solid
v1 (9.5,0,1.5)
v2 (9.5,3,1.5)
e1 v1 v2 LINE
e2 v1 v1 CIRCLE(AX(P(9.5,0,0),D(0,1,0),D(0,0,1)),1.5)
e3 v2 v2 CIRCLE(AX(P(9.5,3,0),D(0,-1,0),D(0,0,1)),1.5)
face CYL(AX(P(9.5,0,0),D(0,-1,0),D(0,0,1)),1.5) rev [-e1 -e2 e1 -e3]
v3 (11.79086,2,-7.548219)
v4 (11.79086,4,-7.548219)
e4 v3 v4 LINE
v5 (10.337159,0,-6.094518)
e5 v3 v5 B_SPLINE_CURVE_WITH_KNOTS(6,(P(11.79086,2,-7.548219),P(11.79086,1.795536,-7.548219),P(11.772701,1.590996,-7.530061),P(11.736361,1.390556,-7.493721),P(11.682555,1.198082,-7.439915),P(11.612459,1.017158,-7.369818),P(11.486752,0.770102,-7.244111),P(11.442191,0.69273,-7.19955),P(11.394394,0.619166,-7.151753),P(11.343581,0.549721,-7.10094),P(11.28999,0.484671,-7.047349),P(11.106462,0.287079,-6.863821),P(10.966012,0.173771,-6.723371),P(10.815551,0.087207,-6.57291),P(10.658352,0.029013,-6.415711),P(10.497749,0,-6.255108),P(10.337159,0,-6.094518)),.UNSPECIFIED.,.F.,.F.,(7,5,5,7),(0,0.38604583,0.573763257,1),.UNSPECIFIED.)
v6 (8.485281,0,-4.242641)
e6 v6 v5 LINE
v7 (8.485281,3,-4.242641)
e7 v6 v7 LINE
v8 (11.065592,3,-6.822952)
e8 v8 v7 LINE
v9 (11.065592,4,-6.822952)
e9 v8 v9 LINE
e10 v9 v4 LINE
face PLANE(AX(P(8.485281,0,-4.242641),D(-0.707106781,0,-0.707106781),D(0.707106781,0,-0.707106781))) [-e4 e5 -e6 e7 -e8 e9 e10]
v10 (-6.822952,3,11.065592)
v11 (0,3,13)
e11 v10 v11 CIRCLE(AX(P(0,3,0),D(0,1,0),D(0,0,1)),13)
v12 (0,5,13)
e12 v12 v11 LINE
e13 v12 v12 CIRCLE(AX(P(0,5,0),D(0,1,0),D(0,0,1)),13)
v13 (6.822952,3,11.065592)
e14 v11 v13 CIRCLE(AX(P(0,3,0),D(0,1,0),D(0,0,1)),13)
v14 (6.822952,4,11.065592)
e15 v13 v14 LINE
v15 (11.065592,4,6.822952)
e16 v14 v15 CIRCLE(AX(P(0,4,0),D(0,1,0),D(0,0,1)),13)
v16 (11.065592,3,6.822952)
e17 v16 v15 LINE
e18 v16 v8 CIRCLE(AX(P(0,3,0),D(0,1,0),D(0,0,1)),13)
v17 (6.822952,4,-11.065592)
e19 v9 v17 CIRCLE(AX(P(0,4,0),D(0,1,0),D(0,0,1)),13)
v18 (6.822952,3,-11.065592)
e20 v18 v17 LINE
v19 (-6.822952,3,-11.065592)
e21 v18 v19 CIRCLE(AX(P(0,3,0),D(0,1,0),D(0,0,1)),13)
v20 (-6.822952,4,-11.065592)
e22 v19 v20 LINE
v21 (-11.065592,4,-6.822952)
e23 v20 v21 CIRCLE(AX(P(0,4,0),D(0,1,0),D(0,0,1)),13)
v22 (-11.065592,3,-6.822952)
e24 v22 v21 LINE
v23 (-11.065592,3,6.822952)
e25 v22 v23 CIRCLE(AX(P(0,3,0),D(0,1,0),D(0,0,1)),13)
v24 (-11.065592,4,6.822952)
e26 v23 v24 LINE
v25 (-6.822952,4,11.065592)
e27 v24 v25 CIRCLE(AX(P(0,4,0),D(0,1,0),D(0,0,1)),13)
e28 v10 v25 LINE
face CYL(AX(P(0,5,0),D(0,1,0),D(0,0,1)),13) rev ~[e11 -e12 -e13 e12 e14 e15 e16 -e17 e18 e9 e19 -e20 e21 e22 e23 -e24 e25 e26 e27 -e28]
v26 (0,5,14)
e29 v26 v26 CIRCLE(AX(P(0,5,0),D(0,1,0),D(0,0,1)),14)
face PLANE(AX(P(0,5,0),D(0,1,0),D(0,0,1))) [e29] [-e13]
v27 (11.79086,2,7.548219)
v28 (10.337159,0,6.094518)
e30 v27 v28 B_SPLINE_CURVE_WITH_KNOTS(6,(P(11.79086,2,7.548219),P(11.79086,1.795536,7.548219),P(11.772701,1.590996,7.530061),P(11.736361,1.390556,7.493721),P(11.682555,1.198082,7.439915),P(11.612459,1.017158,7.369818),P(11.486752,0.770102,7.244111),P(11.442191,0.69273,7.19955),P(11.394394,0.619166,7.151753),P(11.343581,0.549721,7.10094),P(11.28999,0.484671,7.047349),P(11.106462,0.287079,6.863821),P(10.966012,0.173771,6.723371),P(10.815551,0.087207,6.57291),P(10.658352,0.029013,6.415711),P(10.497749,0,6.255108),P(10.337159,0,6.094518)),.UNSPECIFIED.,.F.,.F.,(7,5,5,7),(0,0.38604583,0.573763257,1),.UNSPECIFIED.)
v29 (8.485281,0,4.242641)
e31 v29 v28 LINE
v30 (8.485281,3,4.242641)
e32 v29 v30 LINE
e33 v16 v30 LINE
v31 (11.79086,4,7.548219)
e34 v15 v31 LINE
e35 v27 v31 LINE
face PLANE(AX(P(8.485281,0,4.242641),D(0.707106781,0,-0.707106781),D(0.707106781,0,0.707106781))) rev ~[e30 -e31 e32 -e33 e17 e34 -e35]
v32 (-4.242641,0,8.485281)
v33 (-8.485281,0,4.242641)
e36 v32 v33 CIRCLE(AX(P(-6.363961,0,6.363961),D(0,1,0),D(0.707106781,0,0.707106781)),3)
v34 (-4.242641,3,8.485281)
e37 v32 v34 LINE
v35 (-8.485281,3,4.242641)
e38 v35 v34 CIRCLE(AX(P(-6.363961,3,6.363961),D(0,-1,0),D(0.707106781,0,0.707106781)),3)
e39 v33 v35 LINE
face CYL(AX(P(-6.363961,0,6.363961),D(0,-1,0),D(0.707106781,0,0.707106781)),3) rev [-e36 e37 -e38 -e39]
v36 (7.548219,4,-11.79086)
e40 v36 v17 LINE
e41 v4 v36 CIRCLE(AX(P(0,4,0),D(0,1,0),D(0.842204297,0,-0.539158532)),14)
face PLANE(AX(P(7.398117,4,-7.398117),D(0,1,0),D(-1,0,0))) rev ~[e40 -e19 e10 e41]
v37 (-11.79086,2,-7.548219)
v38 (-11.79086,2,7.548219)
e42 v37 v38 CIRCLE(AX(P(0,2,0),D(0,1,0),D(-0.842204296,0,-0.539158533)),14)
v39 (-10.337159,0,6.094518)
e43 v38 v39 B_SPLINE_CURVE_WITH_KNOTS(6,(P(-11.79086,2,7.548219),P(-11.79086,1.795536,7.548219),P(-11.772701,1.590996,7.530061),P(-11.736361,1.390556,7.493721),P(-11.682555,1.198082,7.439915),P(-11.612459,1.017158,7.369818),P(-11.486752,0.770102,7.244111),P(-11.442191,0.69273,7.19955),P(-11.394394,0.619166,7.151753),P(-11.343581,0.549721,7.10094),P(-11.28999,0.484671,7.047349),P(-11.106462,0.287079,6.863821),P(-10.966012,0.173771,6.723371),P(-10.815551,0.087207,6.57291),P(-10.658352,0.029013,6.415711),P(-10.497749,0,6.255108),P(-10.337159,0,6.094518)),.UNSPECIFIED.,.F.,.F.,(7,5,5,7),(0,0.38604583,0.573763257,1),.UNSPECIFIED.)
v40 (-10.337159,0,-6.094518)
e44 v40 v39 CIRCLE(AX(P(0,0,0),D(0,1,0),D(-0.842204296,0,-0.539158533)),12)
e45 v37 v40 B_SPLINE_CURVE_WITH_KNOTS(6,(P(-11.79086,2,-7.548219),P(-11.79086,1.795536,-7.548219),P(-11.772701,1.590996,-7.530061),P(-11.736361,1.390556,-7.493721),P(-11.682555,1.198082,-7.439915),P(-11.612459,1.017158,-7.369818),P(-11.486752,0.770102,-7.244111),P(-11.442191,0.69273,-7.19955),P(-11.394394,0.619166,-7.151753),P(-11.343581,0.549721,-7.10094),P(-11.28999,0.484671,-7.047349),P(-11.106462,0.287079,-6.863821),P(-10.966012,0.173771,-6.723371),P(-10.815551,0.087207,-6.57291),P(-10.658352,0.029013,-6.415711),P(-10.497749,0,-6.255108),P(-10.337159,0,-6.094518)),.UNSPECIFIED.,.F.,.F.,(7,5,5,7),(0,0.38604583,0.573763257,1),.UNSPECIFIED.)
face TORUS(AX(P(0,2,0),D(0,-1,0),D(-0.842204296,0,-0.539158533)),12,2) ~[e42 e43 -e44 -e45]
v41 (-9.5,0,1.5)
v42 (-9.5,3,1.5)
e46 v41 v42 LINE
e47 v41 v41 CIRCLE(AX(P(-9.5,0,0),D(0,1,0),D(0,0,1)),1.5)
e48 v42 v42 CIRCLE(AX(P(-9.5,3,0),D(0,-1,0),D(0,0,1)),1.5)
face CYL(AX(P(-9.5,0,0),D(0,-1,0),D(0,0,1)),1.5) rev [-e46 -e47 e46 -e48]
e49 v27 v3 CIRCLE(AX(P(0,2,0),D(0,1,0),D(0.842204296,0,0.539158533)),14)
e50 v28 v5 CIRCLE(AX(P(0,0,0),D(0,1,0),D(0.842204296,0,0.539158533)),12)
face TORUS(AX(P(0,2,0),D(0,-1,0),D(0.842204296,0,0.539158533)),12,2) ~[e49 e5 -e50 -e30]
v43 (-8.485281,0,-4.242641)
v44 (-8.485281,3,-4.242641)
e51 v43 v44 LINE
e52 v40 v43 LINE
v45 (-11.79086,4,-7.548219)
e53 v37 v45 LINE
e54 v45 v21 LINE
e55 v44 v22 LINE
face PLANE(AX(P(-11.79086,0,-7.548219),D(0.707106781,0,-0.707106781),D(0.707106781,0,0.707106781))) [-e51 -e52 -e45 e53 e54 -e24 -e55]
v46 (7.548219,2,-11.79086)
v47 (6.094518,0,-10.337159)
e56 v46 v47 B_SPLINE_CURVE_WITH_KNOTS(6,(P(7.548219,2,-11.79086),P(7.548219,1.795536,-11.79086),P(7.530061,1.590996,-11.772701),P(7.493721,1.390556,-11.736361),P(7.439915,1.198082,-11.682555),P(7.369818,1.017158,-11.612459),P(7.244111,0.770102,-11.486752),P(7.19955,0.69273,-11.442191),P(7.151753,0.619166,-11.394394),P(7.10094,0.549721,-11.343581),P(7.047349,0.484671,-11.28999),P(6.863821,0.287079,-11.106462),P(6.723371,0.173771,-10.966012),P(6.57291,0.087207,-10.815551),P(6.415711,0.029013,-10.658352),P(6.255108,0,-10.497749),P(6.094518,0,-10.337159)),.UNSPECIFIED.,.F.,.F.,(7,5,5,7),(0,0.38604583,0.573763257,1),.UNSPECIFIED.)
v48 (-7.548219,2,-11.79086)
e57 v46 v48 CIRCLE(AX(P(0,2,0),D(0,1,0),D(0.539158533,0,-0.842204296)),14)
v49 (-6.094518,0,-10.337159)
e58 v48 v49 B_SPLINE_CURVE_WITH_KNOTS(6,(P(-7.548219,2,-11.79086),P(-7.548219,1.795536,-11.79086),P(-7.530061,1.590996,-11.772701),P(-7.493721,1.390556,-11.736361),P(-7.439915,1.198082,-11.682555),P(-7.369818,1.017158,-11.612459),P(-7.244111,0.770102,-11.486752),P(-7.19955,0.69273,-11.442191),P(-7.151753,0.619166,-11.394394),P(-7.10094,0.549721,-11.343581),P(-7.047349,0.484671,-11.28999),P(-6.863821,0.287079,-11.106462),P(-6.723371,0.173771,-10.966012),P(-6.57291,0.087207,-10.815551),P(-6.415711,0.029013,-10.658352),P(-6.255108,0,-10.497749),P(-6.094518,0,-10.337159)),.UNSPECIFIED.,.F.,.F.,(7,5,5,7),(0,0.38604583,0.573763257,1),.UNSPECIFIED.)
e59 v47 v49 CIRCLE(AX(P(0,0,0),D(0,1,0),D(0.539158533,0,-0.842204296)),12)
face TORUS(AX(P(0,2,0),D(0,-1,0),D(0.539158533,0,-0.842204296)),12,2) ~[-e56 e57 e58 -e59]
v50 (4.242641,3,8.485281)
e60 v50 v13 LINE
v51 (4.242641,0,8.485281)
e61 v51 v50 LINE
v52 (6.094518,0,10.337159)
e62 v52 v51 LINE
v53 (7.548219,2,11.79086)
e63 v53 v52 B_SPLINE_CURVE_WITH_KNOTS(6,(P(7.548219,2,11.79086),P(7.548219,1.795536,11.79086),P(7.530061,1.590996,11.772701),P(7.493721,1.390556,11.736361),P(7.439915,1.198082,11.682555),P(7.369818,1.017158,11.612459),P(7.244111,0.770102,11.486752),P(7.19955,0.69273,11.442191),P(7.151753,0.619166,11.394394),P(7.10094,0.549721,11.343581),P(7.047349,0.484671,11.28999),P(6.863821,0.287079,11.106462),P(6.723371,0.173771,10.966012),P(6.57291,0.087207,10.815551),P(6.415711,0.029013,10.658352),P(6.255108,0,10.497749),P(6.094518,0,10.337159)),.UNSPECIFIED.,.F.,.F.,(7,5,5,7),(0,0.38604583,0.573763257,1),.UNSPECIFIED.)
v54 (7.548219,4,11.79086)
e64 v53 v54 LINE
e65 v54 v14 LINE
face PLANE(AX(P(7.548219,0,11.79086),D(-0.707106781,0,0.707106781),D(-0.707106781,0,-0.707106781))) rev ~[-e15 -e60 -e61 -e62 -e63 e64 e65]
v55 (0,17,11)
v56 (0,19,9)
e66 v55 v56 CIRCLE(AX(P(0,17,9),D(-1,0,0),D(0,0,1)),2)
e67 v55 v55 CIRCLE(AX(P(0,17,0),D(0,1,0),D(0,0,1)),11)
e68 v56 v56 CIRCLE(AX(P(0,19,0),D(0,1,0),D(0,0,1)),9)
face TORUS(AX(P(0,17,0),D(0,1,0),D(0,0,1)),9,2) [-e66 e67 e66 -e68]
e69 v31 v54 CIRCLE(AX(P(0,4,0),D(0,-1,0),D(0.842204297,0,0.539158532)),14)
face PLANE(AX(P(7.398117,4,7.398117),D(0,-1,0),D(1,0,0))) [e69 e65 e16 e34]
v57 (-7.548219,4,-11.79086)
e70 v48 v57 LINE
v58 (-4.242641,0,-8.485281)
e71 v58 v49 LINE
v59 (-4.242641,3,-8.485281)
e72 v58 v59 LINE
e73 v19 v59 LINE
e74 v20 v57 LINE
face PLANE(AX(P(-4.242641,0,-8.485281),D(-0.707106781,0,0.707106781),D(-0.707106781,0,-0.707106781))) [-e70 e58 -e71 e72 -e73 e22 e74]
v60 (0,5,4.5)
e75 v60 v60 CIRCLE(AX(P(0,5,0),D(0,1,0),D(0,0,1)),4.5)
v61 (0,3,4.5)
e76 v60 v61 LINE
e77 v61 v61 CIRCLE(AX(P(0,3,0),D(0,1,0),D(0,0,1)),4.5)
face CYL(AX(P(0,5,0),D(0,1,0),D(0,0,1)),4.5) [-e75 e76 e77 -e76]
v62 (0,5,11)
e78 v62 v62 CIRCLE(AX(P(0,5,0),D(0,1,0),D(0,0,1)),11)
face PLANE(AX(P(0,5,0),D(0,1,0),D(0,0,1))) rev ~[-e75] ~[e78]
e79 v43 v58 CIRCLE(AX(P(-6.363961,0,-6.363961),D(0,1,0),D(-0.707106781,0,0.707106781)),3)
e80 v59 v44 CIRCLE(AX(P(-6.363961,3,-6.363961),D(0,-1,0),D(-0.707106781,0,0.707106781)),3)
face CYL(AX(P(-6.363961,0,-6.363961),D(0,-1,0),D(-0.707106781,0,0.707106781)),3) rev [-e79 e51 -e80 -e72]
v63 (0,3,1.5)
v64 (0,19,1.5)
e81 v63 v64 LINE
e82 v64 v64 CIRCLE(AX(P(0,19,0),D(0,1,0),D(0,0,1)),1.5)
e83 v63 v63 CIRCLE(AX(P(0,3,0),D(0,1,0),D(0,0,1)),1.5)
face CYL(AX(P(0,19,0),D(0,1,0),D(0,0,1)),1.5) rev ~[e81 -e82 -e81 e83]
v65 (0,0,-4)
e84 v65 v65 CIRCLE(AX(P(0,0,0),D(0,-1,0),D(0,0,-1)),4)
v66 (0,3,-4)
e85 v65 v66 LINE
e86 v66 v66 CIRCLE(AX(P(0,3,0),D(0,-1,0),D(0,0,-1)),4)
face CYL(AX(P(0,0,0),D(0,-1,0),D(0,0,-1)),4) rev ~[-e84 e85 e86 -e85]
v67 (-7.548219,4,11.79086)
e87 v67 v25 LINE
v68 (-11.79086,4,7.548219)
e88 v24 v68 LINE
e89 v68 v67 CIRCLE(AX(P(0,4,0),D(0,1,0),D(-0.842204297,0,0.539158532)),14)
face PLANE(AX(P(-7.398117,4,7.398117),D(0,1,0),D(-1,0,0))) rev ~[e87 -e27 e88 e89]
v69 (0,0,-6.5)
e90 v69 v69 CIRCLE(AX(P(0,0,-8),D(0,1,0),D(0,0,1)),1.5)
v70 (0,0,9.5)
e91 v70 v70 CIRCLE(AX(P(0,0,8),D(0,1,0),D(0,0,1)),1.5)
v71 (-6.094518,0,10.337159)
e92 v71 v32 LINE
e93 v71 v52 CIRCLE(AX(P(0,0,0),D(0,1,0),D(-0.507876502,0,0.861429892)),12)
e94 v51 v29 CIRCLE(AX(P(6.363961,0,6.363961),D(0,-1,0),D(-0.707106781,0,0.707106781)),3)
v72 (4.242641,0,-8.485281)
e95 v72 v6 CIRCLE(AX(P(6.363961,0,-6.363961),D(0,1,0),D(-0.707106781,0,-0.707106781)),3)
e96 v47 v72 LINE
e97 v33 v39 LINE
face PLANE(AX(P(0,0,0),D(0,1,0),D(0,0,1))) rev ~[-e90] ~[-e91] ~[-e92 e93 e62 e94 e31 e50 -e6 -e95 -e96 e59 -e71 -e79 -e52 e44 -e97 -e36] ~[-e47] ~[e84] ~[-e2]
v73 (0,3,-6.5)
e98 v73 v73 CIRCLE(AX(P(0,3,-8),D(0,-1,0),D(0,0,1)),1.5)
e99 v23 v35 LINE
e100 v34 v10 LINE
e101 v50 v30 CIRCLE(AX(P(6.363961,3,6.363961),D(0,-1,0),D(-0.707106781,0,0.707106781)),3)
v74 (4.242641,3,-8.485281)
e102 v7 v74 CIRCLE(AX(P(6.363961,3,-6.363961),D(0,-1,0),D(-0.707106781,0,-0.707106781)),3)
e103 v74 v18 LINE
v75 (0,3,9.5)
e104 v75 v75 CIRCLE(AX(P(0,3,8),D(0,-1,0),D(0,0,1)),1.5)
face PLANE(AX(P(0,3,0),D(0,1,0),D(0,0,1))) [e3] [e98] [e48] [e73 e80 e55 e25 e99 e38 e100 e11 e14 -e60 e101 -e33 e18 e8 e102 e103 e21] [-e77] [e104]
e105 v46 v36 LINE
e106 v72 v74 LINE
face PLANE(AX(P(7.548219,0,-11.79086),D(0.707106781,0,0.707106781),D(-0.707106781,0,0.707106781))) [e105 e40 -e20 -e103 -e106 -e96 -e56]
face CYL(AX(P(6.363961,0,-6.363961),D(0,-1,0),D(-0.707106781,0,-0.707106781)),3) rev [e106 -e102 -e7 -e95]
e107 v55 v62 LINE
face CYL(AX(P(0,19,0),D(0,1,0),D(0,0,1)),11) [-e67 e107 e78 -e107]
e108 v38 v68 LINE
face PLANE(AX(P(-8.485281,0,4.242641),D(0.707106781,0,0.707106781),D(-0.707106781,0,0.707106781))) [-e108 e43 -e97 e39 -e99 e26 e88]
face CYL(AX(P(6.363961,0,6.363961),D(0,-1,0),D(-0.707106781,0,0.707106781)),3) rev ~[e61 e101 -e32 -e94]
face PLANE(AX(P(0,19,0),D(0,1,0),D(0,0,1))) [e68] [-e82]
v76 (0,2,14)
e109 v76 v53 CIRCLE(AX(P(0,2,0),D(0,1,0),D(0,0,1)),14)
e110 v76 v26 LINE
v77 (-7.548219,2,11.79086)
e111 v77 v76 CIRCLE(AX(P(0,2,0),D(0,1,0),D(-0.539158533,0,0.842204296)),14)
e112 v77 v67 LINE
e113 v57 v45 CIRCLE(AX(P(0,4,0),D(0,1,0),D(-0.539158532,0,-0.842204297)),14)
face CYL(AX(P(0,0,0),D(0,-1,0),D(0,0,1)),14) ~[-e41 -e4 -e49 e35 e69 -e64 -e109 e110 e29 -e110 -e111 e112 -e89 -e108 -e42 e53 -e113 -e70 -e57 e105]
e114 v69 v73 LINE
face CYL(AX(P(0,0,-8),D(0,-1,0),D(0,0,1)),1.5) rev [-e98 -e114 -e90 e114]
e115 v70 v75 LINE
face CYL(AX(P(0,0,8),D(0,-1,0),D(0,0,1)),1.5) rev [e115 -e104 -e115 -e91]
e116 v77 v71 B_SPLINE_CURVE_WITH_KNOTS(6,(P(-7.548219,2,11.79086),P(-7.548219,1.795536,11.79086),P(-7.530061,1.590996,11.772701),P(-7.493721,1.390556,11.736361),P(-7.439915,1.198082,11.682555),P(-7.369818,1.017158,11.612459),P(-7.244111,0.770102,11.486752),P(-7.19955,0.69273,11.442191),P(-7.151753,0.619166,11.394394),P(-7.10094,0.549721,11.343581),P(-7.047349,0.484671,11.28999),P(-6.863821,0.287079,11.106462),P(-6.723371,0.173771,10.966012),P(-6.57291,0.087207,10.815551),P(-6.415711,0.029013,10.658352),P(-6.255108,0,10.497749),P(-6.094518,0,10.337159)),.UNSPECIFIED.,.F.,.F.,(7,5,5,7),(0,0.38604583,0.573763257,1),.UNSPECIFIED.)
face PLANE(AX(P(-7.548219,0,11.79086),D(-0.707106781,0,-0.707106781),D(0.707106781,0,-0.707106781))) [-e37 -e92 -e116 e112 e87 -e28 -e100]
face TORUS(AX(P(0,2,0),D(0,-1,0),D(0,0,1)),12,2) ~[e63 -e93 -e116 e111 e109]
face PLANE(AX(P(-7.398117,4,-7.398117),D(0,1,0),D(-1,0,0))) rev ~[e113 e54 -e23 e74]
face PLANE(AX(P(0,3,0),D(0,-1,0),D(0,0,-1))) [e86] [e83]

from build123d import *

# Parameters (mm, degrees)
SKETCH_1_R          = 14
SKETCH_1_R_2        = 1.5
EXTRUDE_1_DEPTH     = 5
SKETCH_2_R          = 13
SKETCH_2_R_2        = 4.5
CUT_EXTRUDE_1_DEPTH = 2
SKETCH_3_R          = 1.5
CUT_EXTRUDE_2_DEPTH = 21.420577857
SKETCH_4_R          = 4
CUT_EXTRUDE_3_DEPTH = 3
CUT_EXTRUDE_4_DEPTH = 4
FILLET_1_R          = 2
EXTRUDE_START       = 14
SKETCH_6_R          = 11
SKETCH_6_R_2        = 1.5
EXTRUDE_3_DEPTH     = 14
FILLET_2_R          = 2


with BuildPart() as part:
    # 草图1 → 凸台-拉伸1 (new body)
    with BuildSketch(Plane(origin=(0, 0, 0), x_dir=(1, 0, 0), z_dir=(0, 1, 0))):
        with Locations(Location((0, 0, 0), (0, 0, 270))):
            Circle(SKETCH_1_R)
        with Locations(Location((-9.5, 0, 0), (0, 0, 270))):
            Circle(SKETCH_1_R_2, mode=Mode.SUBTRACT)
        with Locations(Location((9.5, 0, 0), (0, 0, 270))):
            Circle(SKETCH_1_R_2, mode=Mode.SUBTRACT)
        with Locations(Location((0, 8, 0), (0, 0, 270))):
            Circle(SKETCH_1_R_2, mode=Mode.SUBTRACT)
        with Locations(Location((0, -8, 0), (0, 0, 270))):
            Circle(SKETCH_1_R_2, mode=Mode.SUBTRACT)
    extrude(amount=EXTRUDE_1_DEPTH)

    # 草图2 → 切除-拉伸1 (cut)
    with BuildSketch(Plane(origin=(0, 5, 0), x_dir=(1, 0, 0), z_dir=(0, 1, 0))):
        with Locations(Location((0, 0, 0), (0, 0, 270))):
            Circle(SKETCH_2_R)
        with Locations(Location((0, 0, 0), (0, 0, 270))):
            Circle(SKETCH_2_R_2, mode=Mode.SUBTRACT)
    extrude(amount=-CUT_EXTRUDE_1_DEPTH, mode=Mode.SUBTRACT)

    # 草图3 → 切除-拉伸2 (cut, through all)
    with BuildSketch(Plane(origin=(0, 5, 0), x_dir=(1, 0, 0), z_dir=(0, 1, 0))):
        with Locations(Location((0, 0, 0), (0, 0, 270))):
            Circle(SKETCH_3_R)
    extrude(amount=-CUT_EXTRUDE_2_DEPTH, mode=Mode.SUBTRACT)

    # 草图4 → 切除-拉伸3 (cut)
    with BuildSketch(Plane.XZ):
        with Locations(Location((0, 0, 0), (0, 0, 270))):
            Circle(SKETCH_4_R)
    extrude(amount=-CUT_EXTRUDE_3_DEPTH, mode=Mode.SUBTRACT)

    # 草图5 → 切除-拉伸4 (cut)
    with BuildSketch(Plane.XZ):
        with BuildLine():
            Line((8.485281374, 4.242640687), (11.790860146, 7.548219459))
            ThreePointArc((11.790860146, 7.548219459), (9.899494937, 9.899494937), (7.548219459, 11.790860146))
            Line((7.548219459, 11.790860146), (4.242640687, 8.485281374))
            ThreePointArc((4.242640687, 8.485281374), (4.242640687, 4.242640687), (8.485281374, 4.242640687))
        make_face()
        with BuildLine():
            Line((8.485281374, -4.242640687), (11.790860146, -7.548219459))
            ThreePointArc((11.790860146, -7.548219459), (9.899494937, -9.899494937), (7.548219459, -11.790860146))
            Line((7.548219459, -11.790860146), (4.242640687, -8.485281374))
            ThreePointArc((4.242640687, -8.485281374), (4.242640687, -4.242640687), (8.485281374, -4.242640687))
        make_face()
        with BuildLine():
            Line((-4.242640687, -8.485281374), (-7.548219459, -11.790860146))
            ThreePointArc((-7.548219459, -11.790860146), (-9.899494937, -9.899494937), (-11.790860146, -7.548219459))
            Line((-11.790860146, -7.548219459), (-8.485281374, -4.242640687))
            ThreePointArc((-8.485281374, -4.242640687), (-4.242640687, -4.242640687), (-4.242640687, -8.485281374))
        make_face()
        with BuildLine():
            Line((-8.485281374, 4.242640687), (-11.790860146, 7.548219459))
            ThreePointArc((-11.790860146, 7.548219459), (-9.899494937, 9.899494937), (-7.548219459, 11.790860146))
            Line((-7.548219459, 11.790860146), (-4.242640687, 8.485281374))
            ThreePointArc((-4.242640687, 8.485281374), (-4.242640687, 4.242640687), (-8.485281374, 4.242640687))
        make_face()
    extrude(amount=-CUT_EXTRUDE_4_DEPTH, mode=Mode.SUBTRACT)

    # 圆角1
    fillet_1_edges = [part.edges().sort_by_distance(p)[0] for p in [
        (3.932426601, 0, 13.436369339),
        (14, 0, 0),
        (0, 0, -14),
        (-14, 0, 0),
    ]]
    fillet(fillet_1_edges, radius=FILLET_1_R)

    # 草图6 → 凸台-拉伸3 (add)
    with BuildSketch(Plane(origin=(0, 5, 0), x_dir=(1, 0, 0), z_dir=(0, 1, 0)).offset(EXTRUDE_START)):
        with Locations(Location((0, 0, 0), (0, 0, 270))):
            Circle(SKETCH_6_R)
        with Locations(Location((0, 0, 0), (0, 0, 270))):
            Circle(SKETCH_6_R_2, mode=Mode.SUBTRACT)
    extrude(amount=-EXTRUDE_3_DEPTH)

    # 圆角2
    fillet_2_edges = [part.edges().sort_by_distance(p)[0] for p in [
        (0, 19, -11),
    ]]
    fillet(fillet_2_edges, radius=FILLET_2_R)


solid = part.part
